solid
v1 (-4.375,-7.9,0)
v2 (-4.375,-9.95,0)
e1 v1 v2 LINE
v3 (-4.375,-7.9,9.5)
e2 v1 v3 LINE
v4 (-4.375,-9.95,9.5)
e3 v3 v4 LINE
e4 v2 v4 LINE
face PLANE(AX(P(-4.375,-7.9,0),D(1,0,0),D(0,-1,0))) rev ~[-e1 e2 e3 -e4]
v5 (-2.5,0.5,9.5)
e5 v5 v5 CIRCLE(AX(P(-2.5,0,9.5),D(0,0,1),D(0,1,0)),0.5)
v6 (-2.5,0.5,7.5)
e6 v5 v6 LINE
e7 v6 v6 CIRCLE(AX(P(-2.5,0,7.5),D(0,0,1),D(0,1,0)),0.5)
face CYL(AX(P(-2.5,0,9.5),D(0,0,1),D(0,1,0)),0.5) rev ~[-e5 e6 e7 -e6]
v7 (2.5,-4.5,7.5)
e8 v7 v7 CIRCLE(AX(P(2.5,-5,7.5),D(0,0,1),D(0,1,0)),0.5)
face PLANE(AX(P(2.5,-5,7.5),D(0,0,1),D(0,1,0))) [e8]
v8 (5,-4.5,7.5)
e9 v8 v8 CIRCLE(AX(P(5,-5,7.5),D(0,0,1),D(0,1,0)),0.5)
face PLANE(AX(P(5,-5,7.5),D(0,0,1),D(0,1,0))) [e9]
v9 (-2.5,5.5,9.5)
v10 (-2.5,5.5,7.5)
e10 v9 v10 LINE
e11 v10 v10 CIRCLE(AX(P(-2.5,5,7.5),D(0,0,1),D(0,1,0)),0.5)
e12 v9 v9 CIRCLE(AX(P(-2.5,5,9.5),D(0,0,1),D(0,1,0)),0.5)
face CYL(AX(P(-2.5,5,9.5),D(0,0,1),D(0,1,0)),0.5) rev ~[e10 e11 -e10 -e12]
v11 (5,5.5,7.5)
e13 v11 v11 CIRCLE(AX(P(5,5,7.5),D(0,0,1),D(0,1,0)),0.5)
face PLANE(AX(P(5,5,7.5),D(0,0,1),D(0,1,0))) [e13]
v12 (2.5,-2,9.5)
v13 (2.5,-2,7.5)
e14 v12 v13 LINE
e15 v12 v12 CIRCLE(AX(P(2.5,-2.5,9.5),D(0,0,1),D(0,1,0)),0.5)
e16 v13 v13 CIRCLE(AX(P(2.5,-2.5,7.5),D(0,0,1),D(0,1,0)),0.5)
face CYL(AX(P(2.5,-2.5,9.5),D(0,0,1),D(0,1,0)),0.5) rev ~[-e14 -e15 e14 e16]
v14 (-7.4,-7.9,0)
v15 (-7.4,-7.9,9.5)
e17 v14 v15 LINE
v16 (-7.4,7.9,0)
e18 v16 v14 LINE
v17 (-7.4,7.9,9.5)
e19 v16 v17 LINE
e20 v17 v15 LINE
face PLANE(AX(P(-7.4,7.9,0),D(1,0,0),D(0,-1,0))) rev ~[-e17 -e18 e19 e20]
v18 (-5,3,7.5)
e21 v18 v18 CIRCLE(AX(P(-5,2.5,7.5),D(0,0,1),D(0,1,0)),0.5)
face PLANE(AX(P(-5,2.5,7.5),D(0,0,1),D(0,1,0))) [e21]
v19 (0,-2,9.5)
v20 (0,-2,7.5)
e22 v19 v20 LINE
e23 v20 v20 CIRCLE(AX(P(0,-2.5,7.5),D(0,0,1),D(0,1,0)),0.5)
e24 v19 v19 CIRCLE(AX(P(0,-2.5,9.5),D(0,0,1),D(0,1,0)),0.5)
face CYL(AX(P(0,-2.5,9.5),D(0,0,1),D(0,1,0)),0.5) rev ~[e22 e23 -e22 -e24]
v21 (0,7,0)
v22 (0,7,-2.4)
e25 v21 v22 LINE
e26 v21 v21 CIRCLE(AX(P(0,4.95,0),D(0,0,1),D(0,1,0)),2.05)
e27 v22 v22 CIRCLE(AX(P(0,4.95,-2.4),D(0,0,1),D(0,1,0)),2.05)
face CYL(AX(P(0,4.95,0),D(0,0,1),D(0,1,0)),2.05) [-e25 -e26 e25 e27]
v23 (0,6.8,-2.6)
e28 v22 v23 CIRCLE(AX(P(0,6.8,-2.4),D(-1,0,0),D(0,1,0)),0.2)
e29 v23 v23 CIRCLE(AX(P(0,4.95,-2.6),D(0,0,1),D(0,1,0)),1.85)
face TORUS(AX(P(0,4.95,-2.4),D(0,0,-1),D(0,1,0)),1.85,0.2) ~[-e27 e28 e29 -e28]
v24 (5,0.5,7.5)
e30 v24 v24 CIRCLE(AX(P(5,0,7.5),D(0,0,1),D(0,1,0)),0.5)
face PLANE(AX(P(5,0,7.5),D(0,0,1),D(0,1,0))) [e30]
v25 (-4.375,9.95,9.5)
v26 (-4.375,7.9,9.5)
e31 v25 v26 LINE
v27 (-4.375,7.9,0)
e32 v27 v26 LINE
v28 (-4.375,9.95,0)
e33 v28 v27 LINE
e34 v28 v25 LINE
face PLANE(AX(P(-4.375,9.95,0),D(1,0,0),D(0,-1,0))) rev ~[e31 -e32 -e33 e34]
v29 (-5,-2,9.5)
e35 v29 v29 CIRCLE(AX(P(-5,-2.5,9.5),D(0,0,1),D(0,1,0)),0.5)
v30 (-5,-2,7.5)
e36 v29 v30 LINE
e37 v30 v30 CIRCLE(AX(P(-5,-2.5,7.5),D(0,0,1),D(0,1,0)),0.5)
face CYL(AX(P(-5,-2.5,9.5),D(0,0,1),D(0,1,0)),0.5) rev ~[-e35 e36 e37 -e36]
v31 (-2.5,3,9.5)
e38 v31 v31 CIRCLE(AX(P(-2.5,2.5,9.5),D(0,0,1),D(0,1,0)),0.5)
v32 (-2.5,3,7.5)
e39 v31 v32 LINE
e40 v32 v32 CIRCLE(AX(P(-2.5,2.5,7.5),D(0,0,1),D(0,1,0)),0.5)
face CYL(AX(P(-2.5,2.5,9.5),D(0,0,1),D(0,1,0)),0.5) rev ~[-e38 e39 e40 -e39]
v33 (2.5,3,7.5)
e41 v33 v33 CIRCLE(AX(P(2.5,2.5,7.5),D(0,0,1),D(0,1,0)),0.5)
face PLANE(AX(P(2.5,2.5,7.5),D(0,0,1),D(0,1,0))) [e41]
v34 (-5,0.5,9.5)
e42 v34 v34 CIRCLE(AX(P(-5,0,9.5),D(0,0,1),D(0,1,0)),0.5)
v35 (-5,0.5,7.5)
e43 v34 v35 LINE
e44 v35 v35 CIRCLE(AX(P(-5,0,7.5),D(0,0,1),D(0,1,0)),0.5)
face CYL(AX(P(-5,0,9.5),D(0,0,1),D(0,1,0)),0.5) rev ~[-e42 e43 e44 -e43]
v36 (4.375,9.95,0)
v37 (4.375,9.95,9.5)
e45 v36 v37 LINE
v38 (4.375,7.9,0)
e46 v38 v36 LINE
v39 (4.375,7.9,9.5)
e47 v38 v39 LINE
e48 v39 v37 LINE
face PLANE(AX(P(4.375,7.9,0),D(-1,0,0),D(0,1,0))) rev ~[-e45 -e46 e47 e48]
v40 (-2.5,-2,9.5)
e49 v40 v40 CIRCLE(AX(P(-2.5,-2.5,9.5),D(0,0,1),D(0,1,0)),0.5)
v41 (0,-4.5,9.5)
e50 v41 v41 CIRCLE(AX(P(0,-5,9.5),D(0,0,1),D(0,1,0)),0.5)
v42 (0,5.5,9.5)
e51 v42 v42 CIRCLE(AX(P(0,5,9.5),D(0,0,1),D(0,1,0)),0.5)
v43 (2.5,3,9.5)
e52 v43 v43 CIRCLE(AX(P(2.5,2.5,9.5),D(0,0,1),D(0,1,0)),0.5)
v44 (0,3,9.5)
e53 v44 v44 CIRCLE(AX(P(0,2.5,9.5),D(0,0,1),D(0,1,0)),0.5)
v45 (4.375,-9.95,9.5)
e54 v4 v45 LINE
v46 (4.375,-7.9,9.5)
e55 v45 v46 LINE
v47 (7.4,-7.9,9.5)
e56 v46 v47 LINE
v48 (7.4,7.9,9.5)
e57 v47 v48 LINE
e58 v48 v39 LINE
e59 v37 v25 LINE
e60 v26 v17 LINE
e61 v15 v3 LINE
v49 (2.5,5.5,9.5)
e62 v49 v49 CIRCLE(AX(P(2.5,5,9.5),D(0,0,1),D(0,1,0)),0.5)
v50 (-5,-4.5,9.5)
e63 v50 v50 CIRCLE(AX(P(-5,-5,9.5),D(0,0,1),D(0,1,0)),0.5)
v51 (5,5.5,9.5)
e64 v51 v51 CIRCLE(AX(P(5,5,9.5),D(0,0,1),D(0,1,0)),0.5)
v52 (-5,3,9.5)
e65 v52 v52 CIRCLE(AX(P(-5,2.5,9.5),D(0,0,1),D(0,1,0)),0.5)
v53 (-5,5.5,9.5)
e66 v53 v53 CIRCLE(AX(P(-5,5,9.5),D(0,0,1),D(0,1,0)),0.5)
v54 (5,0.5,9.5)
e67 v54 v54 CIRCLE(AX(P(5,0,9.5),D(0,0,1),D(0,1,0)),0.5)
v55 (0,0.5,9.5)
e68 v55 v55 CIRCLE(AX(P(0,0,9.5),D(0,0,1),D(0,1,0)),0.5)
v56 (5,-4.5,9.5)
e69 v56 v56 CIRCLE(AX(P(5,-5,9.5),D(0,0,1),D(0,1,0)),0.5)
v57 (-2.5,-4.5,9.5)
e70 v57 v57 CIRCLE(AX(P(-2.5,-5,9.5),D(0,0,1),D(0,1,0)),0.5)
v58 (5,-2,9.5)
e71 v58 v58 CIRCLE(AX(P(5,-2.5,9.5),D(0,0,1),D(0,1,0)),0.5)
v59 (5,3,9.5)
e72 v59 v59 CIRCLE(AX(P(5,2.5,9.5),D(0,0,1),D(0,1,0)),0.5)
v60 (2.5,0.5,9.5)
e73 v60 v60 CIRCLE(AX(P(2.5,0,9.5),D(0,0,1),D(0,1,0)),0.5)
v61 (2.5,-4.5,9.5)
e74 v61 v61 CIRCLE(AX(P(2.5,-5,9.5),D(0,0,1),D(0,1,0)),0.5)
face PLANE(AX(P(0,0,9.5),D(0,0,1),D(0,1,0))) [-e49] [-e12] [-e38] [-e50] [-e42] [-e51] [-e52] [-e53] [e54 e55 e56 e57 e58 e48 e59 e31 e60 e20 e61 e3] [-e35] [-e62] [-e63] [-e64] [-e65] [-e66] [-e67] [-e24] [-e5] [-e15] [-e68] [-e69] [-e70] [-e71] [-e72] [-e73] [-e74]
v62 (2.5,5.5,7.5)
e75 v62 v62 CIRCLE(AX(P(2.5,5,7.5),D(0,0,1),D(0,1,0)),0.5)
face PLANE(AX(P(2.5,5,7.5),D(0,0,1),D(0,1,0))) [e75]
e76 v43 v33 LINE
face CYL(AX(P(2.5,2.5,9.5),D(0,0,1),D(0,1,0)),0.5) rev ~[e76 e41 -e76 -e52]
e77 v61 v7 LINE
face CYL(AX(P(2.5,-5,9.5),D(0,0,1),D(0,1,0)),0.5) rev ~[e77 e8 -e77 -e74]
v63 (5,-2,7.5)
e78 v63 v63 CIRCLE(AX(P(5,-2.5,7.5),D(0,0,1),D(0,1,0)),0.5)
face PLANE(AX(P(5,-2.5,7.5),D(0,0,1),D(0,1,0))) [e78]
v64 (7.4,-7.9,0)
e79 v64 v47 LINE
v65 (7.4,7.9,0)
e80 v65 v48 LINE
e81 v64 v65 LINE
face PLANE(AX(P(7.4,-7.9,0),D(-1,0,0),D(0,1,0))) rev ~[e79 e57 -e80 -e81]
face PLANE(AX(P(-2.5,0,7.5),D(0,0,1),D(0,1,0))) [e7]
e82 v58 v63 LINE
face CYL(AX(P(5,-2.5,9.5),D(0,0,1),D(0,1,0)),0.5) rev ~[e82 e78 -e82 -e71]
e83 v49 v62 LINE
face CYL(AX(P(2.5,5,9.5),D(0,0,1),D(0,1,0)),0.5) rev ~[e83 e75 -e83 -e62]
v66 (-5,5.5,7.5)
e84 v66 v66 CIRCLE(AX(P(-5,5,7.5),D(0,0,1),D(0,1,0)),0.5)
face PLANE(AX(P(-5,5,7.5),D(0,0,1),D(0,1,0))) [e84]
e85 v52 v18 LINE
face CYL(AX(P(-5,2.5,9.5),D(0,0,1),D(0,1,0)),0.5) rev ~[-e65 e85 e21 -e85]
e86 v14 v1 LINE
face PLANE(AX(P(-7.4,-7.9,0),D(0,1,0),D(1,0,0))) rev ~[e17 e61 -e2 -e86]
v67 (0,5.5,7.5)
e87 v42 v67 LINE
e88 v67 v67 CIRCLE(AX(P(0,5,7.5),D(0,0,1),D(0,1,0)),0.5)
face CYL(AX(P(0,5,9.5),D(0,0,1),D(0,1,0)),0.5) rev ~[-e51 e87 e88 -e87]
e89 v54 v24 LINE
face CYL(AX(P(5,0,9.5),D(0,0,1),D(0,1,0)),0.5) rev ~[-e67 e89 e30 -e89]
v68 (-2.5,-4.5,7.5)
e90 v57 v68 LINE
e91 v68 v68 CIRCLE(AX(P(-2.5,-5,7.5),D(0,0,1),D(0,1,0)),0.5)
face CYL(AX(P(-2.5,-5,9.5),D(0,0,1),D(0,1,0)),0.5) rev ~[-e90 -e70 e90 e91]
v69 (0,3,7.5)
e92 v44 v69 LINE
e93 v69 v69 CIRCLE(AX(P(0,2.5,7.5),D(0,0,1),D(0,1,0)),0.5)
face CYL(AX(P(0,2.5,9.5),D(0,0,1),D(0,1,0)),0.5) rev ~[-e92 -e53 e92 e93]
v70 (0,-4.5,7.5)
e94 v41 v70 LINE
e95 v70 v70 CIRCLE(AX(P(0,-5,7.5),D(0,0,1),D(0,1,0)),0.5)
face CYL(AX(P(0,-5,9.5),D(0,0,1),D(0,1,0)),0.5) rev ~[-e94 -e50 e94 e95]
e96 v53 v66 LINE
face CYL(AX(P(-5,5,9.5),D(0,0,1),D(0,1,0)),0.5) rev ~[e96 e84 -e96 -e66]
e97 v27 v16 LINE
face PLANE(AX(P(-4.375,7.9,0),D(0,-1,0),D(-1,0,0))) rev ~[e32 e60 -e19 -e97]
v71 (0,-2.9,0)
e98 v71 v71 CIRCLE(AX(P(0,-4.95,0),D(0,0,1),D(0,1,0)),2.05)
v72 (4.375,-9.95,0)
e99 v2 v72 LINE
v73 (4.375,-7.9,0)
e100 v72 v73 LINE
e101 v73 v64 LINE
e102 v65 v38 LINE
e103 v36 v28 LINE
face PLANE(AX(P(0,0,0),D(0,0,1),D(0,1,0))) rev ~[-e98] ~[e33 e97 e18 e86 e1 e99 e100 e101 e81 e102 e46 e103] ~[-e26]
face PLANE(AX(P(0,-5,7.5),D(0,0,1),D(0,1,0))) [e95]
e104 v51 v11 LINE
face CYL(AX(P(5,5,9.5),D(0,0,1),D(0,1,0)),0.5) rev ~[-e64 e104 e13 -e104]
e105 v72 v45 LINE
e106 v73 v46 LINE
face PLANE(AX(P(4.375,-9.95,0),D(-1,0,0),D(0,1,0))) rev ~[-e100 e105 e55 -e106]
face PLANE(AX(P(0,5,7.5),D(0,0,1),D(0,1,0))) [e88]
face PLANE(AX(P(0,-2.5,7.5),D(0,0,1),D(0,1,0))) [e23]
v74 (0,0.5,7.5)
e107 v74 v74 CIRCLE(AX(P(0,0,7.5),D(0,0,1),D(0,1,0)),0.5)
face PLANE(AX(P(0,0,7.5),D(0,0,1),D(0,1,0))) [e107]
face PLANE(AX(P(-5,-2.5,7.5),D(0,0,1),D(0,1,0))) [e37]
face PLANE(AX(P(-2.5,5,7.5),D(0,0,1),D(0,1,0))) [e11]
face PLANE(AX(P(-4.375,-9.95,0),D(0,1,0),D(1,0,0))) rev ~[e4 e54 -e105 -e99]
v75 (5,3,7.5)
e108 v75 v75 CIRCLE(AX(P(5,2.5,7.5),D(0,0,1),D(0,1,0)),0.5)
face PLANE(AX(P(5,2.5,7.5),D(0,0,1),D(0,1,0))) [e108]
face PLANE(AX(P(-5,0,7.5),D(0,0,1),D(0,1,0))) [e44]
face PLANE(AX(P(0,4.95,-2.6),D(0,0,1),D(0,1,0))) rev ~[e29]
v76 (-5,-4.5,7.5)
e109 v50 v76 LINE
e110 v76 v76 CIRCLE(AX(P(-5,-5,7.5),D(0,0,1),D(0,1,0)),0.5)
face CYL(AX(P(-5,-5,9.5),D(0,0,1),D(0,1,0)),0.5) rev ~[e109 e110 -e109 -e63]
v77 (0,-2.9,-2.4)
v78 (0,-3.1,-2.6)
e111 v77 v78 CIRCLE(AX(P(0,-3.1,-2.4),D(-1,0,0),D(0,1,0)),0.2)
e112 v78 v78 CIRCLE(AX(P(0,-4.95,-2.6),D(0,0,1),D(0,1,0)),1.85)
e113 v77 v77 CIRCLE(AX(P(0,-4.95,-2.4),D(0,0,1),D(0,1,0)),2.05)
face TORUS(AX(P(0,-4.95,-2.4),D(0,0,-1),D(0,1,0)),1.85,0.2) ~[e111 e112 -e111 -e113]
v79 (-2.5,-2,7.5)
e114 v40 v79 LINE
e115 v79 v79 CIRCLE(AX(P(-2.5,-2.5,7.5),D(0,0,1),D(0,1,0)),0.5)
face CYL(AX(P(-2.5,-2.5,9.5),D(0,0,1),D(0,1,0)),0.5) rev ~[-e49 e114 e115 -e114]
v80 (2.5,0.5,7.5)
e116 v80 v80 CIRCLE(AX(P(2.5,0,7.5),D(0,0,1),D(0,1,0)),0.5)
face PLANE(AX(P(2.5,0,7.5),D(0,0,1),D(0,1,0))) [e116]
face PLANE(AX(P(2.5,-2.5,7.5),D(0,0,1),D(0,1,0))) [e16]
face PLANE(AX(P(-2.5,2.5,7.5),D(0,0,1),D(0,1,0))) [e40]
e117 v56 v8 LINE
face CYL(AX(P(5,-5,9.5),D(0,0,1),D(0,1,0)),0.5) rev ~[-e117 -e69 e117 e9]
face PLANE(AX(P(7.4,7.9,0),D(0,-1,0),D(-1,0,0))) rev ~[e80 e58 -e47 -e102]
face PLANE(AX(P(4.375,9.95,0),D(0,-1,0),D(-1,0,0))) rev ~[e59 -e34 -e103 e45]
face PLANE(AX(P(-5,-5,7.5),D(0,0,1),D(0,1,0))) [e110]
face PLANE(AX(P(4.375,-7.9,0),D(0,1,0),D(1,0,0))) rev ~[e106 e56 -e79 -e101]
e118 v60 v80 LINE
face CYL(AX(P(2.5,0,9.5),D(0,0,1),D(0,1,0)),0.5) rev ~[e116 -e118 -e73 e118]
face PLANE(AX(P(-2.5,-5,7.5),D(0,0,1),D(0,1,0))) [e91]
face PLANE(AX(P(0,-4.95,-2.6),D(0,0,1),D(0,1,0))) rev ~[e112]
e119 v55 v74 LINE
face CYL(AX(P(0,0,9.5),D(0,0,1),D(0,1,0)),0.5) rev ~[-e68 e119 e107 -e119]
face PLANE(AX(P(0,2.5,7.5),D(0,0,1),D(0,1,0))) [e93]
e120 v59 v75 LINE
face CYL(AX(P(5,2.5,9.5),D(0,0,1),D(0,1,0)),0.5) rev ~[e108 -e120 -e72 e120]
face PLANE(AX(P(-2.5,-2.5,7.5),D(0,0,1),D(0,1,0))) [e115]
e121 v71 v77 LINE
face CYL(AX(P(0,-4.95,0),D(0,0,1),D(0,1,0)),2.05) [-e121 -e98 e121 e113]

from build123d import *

# Parameters (mm, degrees)
F1_DEPTH = 9.5
F2_R     = 0.5
F3_DEPTH = 2
F4_R     = 2.05
F5_DEPTH = 2.6
F6_R     = 0.2
F8_ANGLE = 90


with BuildPart() as f1:
    # F0 (on Top) → F1 (new body)
    with BuildSketch(Plane.XY):
        Polygon((-9.95, 4.375), (-9.95, 0), (-9.95, -4.375), (-7.9, -4.375), (-7.9, -7.4), (0, -7.4), (7.9, -7.4), (7.9, -4.375), (9.95, -4.375), (9.95, 0), (9.95, 4.375), (7.9, 4.375), (7.9, 7.4), (0, 7.4), (-7.9, 7.4), (-7.9, 4.375), align=None)
    extrude(amount=F1_DEPTH)

    # F2 (on face) → F3 (cut)
    with BuildSketch(Plane.XY.offset(9.5)):
        Circle(F2_R)
        with Locations((0, 2.5)):
            Circle(F2_R)
        with Locations((0, 5)):
            Circle(F2_R)
        with Locations((2.5, 0)):
            Circle(F2_R)
        with Locations((2.5, 2.5)):
            Circle(F2_R)
        with Locations((2.5, 5)):
            Circle(F2_R)
        with Locations((5, 0)):
            Circle(F2_R)
        with Locations((5, 2.5)):
            Circle(F2_R)
        with Locations((5, 5)):
            Circle(F2_R)
        with Locations((-5, 0)):
            Circle(F2_R)
        with Locations((-2.5, 5)):
            Circle(F2_R)
        with Locations((-2.5, 2.5)):
            Circle(F2_R)
        with Locations((-2.5, 0)):
            Circle(F2_R)
        with Locations((-5, 2.5)):
            Circle(F2_R)
        with Locations((-5, 5)):
            Circle(F2_R)
        with Locations((2.5, -5)):
            Circle(F2_R)
        with Locations((2.5, -2.5)):
            Circle(F2_R)
        with Locations((0, -5)):
            Circle(F2_R)
        with Locations((0, -2.5)):
            Circle(F2_R)
        with Locations((-5, -2.5)):
            Circle(F2_R)
        with Locations((5, -2.5)):
            Circle(F2_R)
        with Locations((5, -5)):
            Circle(F2_R)
        with Locations((-2.5, -5)):
            Circle(F2_R)
        with Locations((-5, -5)):
            Circle(F2_R)
        with Locations((-2.5, -2.5)):
            Circle(F2_R)
    extrude(amount=-F3_DEPTH, mode=Mode.SUBTRACT)

    # F4 (on Top) → F5 (join)
    with BuildSketch(Plane.XY):
        with Locations((-4.95, 0)):
            Circle(F4_R)
        with Locations((4.95, 0)):
            Circle(F4_R)
    extrude(amount=-F5_DEPTH)

    # F6
    f6_edges = [f1.edges().sort_by_distance(p)[0] for p in [
        (-7, 0, -2.6),
        (2.9, 0, -2.6),
    ]]
    fillet(f6_edges, radius=F6_R)


with BuildPart() as f1_1:
    # F8: moved
    add(f1.part.rotate(Axis((0, 0, 33.902004), (0, 0, 1)), F8_ANGLE))


solid = f1_1.part
